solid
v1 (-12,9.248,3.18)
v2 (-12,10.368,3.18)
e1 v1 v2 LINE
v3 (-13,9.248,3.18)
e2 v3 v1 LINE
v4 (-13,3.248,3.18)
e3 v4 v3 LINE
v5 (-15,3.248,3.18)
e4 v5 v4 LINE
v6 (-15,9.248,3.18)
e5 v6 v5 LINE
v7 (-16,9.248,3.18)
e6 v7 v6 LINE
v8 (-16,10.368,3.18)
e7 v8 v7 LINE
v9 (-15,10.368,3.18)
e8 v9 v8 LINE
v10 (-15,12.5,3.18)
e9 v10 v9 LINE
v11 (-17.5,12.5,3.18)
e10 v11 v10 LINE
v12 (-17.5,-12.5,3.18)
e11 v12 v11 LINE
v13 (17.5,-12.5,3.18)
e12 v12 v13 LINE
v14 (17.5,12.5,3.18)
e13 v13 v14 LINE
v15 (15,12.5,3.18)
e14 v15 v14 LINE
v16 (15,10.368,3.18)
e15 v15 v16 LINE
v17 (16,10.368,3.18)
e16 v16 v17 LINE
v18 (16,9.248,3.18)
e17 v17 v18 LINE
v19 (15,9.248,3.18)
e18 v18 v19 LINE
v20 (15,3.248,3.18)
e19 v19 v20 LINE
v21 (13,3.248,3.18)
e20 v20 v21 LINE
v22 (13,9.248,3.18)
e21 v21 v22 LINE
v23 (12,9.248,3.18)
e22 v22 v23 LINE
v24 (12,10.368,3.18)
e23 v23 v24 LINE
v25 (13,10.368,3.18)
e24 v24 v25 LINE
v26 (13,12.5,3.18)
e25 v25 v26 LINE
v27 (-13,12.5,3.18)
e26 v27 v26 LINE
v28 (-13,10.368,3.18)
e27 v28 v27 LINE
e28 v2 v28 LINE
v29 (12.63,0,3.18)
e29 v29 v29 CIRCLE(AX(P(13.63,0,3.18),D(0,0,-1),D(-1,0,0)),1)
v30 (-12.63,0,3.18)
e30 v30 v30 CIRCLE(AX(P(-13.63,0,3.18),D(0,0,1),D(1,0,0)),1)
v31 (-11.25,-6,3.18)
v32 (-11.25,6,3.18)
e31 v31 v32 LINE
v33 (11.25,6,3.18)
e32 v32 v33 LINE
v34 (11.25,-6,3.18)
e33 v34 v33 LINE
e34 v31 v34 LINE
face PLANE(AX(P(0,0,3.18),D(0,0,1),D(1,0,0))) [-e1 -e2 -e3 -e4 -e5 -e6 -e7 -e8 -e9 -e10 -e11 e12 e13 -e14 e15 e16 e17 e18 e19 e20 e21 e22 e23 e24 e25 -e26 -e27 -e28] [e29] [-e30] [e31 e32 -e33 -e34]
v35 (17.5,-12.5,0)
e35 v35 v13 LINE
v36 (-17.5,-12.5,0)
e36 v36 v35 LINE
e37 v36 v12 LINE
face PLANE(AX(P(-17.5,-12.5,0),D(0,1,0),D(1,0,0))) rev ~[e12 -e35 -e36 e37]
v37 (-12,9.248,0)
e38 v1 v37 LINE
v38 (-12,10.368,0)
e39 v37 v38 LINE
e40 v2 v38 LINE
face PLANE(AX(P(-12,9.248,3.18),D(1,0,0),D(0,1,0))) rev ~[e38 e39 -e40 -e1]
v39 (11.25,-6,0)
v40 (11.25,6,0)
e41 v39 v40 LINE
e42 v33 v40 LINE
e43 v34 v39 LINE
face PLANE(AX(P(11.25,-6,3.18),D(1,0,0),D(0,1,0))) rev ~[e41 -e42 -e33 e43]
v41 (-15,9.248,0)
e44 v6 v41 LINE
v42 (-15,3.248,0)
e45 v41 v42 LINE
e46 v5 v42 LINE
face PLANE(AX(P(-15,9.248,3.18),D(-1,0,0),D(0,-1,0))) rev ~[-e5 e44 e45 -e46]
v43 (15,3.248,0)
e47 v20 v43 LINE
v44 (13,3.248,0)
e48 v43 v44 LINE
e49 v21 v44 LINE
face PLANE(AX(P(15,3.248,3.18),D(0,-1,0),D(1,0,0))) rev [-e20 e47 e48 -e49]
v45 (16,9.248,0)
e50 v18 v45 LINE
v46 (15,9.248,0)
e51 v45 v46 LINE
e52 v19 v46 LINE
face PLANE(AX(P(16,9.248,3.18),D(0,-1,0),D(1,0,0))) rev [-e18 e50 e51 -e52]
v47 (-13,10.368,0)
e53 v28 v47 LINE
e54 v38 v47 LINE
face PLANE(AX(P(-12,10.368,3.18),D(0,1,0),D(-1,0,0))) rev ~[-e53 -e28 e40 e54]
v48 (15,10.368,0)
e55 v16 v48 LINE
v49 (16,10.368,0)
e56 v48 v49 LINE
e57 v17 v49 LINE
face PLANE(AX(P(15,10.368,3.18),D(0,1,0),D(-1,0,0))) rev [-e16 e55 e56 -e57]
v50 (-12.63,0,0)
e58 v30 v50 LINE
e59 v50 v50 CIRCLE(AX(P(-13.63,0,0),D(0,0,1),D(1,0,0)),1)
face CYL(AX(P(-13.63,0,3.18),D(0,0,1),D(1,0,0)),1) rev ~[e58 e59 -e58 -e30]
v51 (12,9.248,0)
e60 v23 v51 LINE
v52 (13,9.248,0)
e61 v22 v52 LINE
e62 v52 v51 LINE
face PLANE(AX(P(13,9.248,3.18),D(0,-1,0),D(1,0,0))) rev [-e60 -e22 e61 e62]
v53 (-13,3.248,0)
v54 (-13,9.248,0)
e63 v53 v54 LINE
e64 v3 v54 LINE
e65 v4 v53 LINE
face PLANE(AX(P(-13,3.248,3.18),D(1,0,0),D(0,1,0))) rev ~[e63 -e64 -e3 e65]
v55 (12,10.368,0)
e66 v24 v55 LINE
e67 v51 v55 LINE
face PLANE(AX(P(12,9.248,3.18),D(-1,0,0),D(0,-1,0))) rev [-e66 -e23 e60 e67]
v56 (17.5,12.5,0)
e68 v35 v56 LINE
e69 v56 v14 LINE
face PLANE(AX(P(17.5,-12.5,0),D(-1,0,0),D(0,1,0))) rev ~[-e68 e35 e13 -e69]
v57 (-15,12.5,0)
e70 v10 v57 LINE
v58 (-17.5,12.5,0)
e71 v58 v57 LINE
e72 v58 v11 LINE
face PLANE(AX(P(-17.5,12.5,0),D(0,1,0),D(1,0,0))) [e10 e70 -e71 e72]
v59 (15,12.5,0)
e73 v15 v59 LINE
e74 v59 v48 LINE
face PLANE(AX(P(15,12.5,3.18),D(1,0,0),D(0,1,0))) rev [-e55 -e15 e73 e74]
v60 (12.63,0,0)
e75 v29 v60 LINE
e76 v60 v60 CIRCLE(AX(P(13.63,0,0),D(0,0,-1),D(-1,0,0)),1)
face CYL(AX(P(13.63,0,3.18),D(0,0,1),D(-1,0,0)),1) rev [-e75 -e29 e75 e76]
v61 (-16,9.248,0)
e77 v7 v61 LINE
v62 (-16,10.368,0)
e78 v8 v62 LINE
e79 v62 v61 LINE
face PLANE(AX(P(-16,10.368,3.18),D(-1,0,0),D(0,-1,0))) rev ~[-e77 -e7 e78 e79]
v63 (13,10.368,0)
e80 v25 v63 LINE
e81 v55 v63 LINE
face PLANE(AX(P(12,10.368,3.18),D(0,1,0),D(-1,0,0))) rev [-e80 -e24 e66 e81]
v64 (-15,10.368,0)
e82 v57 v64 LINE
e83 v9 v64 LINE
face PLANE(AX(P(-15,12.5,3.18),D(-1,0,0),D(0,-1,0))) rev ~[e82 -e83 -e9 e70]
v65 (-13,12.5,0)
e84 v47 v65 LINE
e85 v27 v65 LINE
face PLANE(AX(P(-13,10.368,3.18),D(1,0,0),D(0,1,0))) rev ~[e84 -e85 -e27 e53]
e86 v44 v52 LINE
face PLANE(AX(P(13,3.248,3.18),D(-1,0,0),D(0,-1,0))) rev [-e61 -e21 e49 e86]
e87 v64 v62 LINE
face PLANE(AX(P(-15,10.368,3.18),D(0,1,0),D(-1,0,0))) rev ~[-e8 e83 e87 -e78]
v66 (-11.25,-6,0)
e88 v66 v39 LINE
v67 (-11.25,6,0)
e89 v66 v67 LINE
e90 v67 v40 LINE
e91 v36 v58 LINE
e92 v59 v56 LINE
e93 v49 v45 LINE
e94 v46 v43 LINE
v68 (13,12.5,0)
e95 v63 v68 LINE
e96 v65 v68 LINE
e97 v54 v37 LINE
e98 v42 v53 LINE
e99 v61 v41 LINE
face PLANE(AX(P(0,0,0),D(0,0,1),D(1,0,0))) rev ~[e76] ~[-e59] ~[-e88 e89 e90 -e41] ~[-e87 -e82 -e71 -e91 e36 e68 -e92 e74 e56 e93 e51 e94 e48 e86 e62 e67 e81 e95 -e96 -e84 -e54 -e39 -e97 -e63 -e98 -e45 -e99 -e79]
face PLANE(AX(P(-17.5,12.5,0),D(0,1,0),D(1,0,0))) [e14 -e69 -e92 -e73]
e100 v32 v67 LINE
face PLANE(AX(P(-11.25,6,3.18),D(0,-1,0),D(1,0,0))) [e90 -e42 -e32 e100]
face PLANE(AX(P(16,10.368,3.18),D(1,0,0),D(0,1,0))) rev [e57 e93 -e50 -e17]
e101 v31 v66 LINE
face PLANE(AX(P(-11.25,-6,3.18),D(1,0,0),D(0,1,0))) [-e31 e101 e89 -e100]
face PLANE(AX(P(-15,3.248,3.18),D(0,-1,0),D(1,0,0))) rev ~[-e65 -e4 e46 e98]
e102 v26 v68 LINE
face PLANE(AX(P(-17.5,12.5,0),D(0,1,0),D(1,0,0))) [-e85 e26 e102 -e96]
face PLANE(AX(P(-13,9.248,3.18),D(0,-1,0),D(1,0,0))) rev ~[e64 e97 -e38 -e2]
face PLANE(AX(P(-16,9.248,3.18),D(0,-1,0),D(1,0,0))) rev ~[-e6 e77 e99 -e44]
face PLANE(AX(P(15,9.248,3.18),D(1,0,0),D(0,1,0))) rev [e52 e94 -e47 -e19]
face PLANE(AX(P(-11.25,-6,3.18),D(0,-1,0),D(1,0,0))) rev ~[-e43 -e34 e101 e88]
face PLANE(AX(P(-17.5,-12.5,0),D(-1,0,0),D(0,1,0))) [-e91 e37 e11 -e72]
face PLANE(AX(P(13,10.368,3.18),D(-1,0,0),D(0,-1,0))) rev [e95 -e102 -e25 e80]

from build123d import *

# Parameters (mm, degrees)
SKETCH1_W           = 35
SKETCH1_H           = 25
BOSS_EXTRUDE1_DEPTH = 3.18
SKETCH2_W           = 22.5
SKETCH2_H           = 12
CUT_EXTRUDE1_DEPTH  = 3.18
SKETCH3_R           = 1
CUT_EXTRUDE2_DEPTH  = 3.18
CUT_EXTRUDE4_DEPTH  = 3.18


with BuildPart() as part:
    # Sketch1 → Boss-Extrude1 (new body)
    with BuildSketch(Plane.XY):
        Rectangle(SKETCH1_W, SKETCH1_H)
    extrude(amount=BOSS_EXTRUDE1_DEPTH)

    # Sketch2 → Cut-Extrude1 (cut)
    with BuildSketch(Plane.XY.offset(3.18)):
        Rectangle(SKETCH2_W, SKETCH2_H)
    extrude(amount=-CUT_EXTRUDE1_DEPTH, mode=Mode.SUBTRACT)

    # Sketch3 → Cut-Extrude2 (cut)
    with BuildSketch(Plane.XY.offset(3.18)):
        with Locations((-13.63, 0)):
            Circle(SKETCH3_R)
    cut_extrude2 = extrude(amount=-CUT_EXTRUDE2_DEPTH, mode=Mode.SUBTRACT)

    # Mirror1: Cut-Extrude2 across plane
    add(cut_extrude2.mirror(Plane(origin=(0, 0, 0), x_dir=(0, 0, 1), z_dir=(1, 0, 0))), mode=Mode.SUBTRACT)

    # Sketch5 → Cut-Extrude4 (cut)
    with BuildSketch(Plane.XY.offset(3.18)):
        Polygon((-13, 12.5), (-15, 12.5), (-15, 10.368), (-16, 10.368), (-16, 9.248), (-15, 9.248), (-15, 3.248), (-13, 3.248), (-13, 9.248), (-12, 9.248), (-12, 10.368), (-13, 10.368), align=None)
    cut_extrude4 = extrude(amount=-CUT_EXTRUDE4_DEPTH, mode=Mode.SUBTRACT)

    # Mirror2: Cut-Extrude4 across plane
    add(cut_extrude4.mirror(Plane(origin=(0, 0, 0), x_dir=(0, 0, 1), z_dir=(1, 0, 0))), mode=Mode.SUBTRACT)


solid = part.part
